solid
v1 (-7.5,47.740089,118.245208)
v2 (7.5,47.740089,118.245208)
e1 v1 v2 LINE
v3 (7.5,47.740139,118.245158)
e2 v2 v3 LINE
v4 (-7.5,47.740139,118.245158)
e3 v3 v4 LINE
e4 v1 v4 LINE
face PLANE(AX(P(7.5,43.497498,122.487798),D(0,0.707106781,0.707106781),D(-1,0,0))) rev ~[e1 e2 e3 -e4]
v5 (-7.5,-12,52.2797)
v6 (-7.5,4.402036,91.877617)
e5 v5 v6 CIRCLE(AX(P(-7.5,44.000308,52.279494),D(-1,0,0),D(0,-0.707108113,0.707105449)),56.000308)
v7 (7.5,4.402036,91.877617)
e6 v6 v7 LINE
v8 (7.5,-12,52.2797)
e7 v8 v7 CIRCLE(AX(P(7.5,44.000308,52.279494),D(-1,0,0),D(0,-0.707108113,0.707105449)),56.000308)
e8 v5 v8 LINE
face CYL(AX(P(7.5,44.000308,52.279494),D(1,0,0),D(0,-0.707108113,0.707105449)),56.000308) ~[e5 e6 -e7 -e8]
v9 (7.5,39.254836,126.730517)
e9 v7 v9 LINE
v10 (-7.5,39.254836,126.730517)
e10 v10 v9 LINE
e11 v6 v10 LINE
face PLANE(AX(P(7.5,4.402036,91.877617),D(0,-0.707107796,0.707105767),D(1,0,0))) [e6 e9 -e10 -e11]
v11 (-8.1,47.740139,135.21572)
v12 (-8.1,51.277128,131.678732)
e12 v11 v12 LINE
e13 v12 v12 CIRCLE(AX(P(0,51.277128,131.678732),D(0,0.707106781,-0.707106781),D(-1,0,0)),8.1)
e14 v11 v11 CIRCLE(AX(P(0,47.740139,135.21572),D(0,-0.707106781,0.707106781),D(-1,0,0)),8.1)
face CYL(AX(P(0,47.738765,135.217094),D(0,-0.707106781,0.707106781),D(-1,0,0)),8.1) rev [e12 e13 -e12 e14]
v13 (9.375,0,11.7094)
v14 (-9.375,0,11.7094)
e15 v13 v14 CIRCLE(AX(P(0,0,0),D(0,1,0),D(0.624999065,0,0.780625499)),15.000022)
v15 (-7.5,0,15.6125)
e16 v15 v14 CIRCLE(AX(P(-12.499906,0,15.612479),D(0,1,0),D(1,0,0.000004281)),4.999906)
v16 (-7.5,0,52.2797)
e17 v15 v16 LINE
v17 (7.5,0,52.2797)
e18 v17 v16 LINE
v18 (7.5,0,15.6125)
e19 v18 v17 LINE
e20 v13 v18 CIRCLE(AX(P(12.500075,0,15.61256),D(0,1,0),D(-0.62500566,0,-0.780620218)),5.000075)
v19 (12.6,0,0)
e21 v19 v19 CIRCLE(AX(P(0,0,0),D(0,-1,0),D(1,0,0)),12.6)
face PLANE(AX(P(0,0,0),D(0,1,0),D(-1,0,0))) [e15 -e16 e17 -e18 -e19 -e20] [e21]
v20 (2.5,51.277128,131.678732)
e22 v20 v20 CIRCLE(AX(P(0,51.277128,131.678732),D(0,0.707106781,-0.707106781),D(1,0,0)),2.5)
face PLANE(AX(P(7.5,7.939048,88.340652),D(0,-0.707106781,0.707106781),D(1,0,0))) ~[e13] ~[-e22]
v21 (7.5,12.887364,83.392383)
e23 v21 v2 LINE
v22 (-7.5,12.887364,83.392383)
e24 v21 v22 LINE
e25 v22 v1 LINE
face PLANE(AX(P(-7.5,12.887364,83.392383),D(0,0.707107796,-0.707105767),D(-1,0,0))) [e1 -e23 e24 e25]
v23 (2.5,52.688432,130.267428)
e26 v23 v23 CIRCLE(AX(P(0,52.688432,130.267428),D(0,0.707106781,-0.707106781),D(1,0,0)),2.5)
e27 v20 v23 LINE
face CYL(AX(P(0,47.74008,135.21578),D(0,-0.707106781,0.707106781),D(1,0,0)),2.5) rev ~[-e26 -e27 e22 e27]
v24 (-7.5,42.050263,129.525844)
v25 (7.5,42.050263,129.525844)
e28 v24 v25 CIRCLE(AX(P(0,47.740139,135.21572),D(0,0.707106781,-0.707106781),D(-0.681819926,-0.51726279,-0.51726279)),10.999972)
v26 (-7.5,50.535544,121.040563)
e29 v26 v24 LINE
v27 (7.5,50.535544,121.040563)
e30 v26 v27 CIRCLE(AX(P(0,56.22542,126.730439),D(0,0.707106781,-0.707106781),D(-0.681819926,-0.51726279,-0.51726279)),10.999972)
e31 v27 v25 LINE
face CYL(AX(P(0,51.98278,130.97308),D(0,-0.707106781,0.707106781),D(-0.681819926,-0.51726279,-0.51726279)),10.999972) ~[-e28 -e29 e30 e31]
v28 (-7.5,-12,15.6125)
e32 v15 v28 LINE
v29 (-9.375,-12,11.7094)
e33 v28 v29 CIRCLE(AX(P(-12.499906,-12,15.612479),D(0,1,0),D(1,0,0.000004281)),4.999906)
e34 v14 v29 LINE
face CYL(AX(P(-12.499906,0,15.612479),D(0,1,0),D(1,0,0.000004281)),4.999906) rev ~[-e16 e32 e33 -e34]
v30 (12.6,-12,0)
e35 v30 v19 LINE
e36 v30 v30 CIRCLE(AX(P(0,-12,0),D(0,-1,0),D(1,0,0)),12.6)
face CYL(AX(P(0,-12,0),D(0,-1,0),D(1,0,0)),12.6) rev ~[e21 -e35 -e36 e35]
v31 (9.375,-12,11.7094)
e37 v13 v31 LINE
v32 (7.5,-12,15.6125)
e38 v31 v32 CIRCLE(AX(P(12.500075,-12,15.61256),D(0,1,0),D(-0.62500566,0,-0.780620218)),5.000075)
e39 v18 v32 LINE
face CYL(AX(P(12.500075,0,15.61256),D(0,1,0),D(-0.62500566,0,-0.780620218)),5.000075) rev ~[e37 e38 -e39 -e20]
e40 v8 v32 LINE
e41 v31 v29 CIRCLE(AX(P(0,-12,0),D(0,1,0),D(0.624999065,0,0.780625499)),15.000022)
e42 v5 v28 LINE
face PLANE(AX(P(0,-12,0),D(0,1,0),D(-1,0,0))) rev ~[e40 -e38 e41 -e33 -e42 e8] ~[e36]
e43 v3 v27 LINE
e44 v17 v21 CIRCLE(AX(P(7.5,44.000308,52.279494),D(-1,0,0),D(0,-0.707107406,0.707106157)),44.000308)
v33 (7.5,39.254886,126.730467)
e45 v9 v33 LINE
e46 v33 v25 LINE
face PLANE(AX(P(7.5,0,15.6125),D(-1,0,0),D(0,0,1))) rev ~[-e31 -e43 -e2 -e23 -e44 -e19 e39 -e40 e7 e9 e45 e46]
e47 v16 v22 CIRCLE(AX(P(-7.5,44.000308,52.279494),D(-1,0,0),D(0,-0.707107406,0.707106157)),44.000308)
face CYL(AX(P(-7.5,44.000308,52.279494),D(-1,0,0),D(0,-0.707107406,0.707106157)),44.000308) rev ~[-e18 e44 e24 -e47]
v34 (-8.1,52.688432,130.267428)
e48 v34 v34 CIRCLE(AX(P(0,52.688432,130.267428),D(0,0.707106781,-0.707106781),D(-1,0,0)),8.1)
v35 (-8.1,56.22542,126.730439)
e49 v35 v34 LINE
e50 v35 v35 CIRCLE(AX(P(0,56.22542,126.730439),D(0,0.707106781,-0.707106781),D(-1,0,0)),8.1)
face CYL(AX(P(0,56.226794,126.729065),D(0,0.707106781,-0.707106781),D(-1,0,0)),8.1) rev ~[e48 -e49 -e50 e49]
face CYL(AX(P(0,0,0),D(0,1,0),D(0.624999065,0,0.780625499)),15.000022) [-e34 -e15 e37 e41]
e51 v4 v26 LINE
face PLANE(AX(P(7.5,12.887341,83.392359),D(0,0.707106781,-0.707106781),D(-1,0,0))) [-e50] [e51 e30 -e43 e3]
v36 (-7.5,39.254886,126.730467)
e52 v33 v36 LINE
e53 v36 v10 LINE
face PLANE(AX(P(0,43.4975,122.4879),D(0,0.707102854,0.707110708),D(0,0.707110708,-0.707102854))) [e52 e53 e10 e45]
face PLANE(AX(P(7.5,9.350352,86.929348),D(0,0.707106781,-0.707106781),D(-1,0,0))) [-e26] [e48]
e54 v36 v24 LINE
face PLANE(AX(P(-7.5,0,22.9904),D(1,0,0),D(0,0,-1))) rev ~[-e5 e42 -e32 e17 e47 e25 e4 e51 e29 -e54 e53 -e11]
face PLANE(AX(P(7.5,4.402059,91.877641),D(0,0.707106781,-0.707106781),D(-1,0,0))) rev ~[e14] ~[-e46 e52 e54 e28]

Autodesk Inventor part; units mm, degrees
ref_plane "YZ Plane" through (0, 0, 0) normal (1, 0, 0) x (0, 1, 0)
sketch "Sketch1" plane through (0, 0, 0) normal (0, 1, 0) x (-1, 0, 0)
  arc A0 (-9.375, 11.7094) -> (9.375, 11.7094) centre (0, 0) ccw
  line L0 (-7.5, 15.6125) -> (-7.5, 22.9904)
  line L1 (7.5, 22.9904) -> (7.5, 15.6125)
  line L2 (7.5, 22.9904) -> (-7.5, 22.9904)
  arc A1 (7.5, 15.6125) -> (9.375, 11.7094) centre (12.5, 15.6125) ccw
  arc A2 (-9.375, 11.7094) -> (-7.5, 15.6125) centre (-12.5, 15.6125) ccw
  point P0 (7.5, 12.9904)
  point P1 (-7.5, 12.9904)
  point P2 (0, 12.9904)
  point P3 (0, 22.9904)
  dimension "d0" = 30
  dimension "d109" = 5
  dimension "d129" = 15
  dimension "d131" = 10
  dimension "d132" = 12.9904
extrude "Extrusion1" add sketch "Sketch1" against normal blind 12
sketch "Sketch22" plane through (-7.5, 0, 22.9904) normal (0, 0, 1) x (1, 0, 0)
  line L0 (0, 0) -> (0, -12) projected
  line L1 (15, -12) -> (0, -12) projected
  line L2 (0, 0) -> (15, 0)
  line L3 (15, 0) -> (15, -12)
  line L4 (15, -12) -> (0, -12)
  line L5 (0, -12) -> (0, 0)
  point P0 (7.5, 0)
sketch "Sketch23" plane through (0, 0, 0) normal (1, 0, 0) x (0, 1, 0)
  line L0 (0, 22.9904) -> (-12, 22.9904) projected
  line L1 (-6, 22.9904) -> (-6, 52.2797)
  line L2 (8.6447, 87.635) -> (43.4975, 122.4879)
  arc A0 (8.6447, 87.635) -> (-6, 52.2797) centre (44, 52.2797) ccw
  point P0 (0, 0)
  point P1 (-6, 72.9904)
  dimension "d110" = 50
  dimension "d111" = 70
  dimension "d112" = 135
  dimension "d113" = 50
sweep "Sweep2" add profiles "Sketch22" path "Sketch23" path curves L1 A0 L2
ref_plane "Work Plane11" through (7.5, 8.6447, 87.635) normal (0, 0.7071, -0.7071) x (-1, 0, 0)
sketch "Sketch24" plane through (7.5, 8.6447, 87.635) normal (0, 0.7071, -0.7071) x (-1, 0, 0)
  line L0 (0, 49.2893) -> (15, 49.2893) projected
  line L1 (0, 49.2893) -> (15, 49.2893)
  line L2 (0, 49.2893) -> (0, 53.2426)
  line L3 (15, 49.2893) -> (15, 53.2426)
  arc A0 (15, 53.2426) -> (0, 53.2426) centre (7.5, 61.2893) ccw
  point P0 (7.5, -68.08)
  point P1 (7.5, 49.2893)
  point P2 (7.5, 49.2893)
  dimension "d136" = 22
  dimension "d137" = 12
extrude "Extrusion17" add sketch "Sketch24" along normal mid plane 12
sketch "Sketch25" plane through (-7.5, 4.402, 91.8777) normal (0, -0.7071, 0.7071) x (1, 0, 0)
  circle A0 centre (7.5, 61.2893) radius 2.5
  arc A1 (15, 53.2426) -> (0, 53.2426) centre (7.5, 61.2893) ccw projected
  point P0 (7.5, -68.08)
  dimension "d123" = 5
extrude "Extrusion18" cut sketch "Sketch25" along normal through all both and the other way through all
sketch "Sketch26" plane through (0, -12, 0) normal (0, -1, 0) x (1, 0, 0)
  circle A0 centre (0, 0) radius 12.6
  dimension "d133" = 25.2
extrude "Extrusion19" cut sketch "Sketch26" against normal through all
sketch "Sketch28" plane through (7.5, 12.8873, 83.3924) normal (0, 0.7071, -0.7071) x (-1, 0, 0)
  circle A0 centre (7.5, 61.2893) radius 2.5 projected
  circle A1 centre (7.5, 61.2893) radius 8.1
  point P0 (7.5, -68.08)
  dimension "d141" = 16.2
extrude "Extrusion21" cut sketch "Sketch28" against normal blind 5
mirror "Mirror3" about plane through (7.5, 8.6447, 87.635) normal (0, 0.7071, -0.7071) of "Extrusion21"
ref_plane "Work Plane13" through (0, 0, 12.5) normal (0, 0, 1) x (1, 0, 0)
properties part number "proximal_link_1"
